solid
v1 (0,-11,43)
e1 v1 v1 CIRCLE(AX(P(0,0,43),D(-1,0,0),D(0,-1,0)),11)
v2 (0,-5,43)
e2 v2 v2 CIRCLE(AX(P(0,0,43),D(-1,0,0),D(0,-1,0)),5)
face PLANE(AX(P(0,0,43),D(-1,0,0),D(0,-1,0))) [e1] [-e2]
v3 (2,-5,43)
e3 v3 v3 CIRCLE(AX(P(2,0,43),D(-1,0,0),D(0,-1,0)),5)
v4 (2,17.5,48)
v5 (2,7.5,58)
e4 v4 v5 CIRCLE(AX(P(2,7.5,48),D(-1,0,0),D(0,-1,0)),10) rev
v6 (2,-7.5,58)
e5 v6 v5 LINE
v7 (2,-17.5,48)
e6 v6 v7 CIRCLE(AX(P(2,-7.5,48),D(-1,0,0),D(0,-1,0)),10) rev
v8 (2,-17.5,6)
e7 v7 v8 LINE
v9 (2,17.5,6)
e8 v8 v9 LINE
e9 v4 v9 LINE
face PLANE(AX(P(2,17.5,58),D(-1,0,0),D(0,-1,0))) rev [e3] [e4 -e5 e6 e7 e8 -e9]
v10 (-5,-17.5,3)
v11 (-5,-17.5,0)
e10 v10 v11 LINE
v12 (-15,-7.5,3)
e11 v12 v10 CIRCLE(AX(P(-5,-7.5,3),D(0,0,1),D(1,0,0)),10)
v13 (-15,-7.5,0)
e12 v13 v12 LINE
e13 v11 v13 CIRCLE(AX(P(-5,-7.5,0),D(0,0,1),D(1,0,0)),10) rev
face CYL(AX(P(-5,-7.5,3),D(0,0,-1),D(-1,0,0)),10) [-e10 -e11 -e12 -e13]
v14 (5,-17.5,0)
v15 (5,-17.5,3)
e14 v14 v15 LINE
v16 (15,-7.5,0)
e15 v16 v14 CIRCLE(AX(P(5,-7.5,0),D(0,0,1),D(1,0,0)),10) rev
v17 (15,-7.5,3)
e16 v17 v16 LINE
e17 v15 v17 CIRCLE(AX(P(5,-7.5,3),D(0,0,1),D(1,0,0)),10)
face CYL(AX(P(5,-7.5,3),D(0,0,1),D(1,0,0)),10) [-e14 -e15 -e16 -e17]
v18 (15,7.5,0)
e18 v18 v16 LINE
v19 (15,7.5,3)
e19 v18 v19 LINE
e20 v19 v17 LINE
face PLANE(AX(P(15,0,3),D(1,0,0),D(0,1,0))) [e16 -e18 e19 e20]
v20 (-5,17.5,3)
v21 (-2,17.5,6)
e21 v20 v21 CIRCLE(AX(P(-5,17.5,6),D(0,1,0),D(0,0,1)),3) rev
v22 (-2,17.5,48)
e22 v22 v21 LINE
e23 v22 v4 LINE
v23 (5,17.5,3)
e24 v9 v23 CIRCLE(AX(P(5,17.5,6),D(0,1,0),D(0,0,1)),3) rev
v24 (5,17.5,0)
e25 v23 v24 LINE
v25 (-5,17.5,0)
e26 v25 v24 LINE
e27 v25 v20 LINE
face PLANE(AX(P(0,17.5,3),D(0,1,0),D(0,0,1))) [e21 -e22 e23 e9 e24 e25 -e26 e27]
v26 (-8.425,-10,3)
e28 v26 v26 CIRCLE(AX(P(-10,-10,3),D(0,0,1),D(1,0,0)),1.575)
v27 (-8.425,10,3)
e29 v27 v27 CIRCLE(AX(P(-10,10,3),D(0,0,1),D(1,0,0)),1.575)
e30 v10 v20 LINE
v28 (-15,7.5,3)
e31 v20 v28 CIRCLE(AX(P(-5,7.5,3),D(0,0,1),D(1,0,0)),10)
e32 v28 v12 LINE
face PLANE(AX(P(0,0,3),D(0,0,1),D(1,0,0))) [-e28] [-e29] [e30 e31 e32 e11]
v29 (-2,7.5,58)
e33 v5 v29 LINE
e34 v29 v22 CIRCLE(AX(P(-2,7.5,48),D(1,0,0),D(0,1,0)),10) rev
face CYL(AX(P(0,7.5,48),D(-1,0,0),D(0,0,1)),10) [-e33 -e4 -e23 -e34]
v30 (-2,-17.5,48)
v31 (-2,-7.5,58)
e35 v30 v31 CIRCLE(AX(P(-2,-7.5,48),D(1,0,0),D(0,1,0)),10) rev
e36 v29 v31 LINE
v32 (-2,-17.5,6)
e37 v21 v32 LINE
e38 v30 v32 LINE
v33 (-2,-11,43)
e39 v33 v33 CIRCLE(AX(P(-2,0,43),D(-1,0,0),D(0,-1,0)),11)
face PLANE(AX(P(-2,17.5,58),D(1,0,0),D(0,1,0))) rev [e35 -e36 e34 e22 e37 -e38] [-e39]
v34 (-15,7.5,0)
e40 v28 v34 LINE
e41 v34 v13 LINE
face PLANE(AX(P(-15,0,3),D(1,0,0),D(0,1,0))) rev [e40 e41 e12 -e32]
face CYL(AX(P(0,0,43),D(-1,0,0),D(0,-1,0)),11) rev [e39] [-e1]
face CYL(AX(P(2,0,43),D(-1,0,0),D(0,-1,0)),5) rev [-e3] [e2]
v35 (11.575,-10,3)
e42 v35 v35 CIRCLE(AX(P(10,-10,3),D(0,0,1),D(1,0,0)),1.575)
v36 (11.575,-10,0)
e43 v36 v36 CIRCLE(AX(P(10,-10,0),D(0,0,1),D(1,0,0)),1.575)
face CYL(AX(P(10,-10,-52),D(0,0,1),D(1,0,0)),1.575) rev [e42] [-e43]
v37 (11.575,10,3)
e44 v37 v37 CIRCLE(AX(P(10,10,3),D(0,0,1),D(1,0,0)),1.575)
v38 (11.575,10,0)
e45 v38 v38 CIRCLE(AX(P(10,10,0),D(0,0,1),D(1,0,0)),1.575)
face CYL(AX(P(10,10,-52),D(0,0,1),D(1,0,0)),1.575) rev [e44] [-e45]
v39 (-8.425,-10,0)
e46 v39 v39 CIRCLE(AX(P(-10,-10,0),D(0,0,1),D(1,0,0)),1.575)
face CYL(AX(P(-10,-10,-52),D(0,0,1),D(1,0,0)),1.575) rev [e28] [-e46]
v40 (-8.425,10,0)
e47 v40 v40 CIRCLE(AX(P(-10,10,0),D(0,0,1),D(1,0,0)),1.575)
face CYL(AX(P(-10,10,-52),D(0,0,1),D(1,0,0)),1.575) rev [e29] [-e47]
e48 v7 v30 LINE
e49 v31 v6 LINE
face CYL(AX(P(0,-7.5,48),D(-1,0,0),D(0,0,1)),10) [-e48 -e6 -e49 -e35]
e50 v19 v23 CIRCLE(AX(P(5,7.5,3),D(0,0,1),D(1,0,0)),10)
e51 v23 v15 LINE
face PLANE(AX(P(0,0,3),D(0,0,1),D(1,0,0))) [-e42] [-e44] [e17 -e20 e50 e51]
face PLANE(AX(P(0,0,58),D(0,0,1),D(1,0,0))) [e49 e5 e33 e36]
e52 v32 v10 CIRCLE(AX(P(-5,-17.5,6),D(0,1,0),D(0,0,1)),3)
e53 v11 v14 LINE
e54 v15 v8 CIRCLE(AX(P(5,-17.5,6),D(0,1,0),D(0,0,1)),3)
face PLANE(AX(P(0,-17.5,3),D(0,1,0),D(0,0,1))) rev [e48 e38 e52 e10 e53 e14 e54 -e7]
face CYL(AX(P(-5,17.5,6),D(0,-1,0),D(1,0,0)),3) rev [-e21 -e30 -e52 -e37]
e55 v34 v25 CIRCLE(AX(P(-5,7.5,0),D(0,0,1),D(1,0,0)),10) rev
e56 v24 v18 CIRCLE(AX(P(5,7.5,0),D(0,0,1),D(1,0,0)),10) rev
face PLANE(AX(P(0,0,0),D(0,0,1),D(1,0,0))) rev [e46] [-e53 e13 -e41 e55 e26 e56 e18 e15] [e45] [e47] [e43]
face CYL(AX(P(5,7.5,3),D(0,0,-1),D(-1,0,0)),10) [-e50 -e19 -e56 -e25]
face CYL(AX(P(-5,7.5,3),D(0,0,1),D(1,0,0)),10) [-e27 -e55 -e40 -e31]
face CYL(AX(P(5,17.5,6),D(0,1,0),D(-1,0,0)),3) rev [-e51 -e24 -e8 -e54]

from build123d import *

# Parameters (mm, degrees)
SKETCH1_W           = 30
SKETCH1_H           = 35
BOSS_EXTRUDE2_DEPTH = 3
SKETCH3_W           = 4
SKETCH3_H           = 35
BOSS_EXTRUDE3_DEPTH = 55
SKETCH4_R           = 1.575
CUT_EXTRUDE2_DEPTH  = 55
FILLET1_R           = 10
SKETCH5_R           = 11
CUT_EXTRUDE3_DEPTH  = 2
SKETCH6_R           = 5
CUT_EXTRUDE4_DEPTH  = 2
FILLET2_R           = 3


with BuildPart() as part:
    # Sketch1 → Boss-Extrude2 (new body)
    with BuildSketch(Plane.XY):
        Rectangle(SKETCH1_W, SKETCH1_H)
    extrude(amount=BOSS_EXTRUDE2_DEPTH)

    # Sketch3 → Boss-Extrude3 (add)
    with BuildSketch(Plane.XY.offset(3)):
        Rectangle(SKETCH3_W, SKETCH3_H)
    extrude(amount=BOSS_EXTRUDE3_DEPTH)

    # Sketch4 → Cut-Extrude2 (cut)
    with BuildSketch(Plane.XY.offset(3)):
        with Locations((10, 10)):
            Circle(SKETCH4_R)
        with Locations((10, -10)):
            Circle(SKETCH4_R)
        with Locations((-10, -10)):
            Circle(SKETCH4_R)
        with Locations((-10, 10)):
            Circle(SKETCH4_R)
    extrude(amount=-CUT_EXTRUDE2_DEPTH, mode=Mode.SUBTRACT)

    # Fillet1
    fillet1_edges = [part.edges().sort_by_distance(p)[0] for p in [
        (0, 17.5, 58),
        (0, -17.5, 58),
        (15, -17.5, 1.5),
        (-15, -17.5, 1.5),
        (-15, 17.5, 1.5),
        (15, 17.5, 1.5),
    ]]
    fillet(fillet1_edges, radius=FILLET1_R)

    # Sketch5 → Cut-Extrude3 (cut)
    with BuildSketch(Plane.ZY.offset(2)):
        with Locations(Location((43, 0, 0), (0, 0, 270))):
            Circle(SKETCH5_R)
    extrude(amount=-CUT_EXTRUDE3_DEPTH, mode=Mode.SUBTRACT)

    # Sketch6 → Cut-Extrude4 (cut)
    with BuildSketch(Plane.ZY):
        with Locations(Location((43, 0, 0), (0, 0, 270))):
            Circle(SKETCH6_R)
    extrude(amount=-CUT_EXTRUDE4_DEPTH, mode=Mode.SUBTRACT)

    # Fillet2
    fillet2_edges = [part.edges().sort_by_distance(p)[0] for p in [
        (2, 0, 3),
        (-2, 0, 3),
    ]]
    fillet(fillet2_edges, radius=FILLET2_R)


solid = part.part
